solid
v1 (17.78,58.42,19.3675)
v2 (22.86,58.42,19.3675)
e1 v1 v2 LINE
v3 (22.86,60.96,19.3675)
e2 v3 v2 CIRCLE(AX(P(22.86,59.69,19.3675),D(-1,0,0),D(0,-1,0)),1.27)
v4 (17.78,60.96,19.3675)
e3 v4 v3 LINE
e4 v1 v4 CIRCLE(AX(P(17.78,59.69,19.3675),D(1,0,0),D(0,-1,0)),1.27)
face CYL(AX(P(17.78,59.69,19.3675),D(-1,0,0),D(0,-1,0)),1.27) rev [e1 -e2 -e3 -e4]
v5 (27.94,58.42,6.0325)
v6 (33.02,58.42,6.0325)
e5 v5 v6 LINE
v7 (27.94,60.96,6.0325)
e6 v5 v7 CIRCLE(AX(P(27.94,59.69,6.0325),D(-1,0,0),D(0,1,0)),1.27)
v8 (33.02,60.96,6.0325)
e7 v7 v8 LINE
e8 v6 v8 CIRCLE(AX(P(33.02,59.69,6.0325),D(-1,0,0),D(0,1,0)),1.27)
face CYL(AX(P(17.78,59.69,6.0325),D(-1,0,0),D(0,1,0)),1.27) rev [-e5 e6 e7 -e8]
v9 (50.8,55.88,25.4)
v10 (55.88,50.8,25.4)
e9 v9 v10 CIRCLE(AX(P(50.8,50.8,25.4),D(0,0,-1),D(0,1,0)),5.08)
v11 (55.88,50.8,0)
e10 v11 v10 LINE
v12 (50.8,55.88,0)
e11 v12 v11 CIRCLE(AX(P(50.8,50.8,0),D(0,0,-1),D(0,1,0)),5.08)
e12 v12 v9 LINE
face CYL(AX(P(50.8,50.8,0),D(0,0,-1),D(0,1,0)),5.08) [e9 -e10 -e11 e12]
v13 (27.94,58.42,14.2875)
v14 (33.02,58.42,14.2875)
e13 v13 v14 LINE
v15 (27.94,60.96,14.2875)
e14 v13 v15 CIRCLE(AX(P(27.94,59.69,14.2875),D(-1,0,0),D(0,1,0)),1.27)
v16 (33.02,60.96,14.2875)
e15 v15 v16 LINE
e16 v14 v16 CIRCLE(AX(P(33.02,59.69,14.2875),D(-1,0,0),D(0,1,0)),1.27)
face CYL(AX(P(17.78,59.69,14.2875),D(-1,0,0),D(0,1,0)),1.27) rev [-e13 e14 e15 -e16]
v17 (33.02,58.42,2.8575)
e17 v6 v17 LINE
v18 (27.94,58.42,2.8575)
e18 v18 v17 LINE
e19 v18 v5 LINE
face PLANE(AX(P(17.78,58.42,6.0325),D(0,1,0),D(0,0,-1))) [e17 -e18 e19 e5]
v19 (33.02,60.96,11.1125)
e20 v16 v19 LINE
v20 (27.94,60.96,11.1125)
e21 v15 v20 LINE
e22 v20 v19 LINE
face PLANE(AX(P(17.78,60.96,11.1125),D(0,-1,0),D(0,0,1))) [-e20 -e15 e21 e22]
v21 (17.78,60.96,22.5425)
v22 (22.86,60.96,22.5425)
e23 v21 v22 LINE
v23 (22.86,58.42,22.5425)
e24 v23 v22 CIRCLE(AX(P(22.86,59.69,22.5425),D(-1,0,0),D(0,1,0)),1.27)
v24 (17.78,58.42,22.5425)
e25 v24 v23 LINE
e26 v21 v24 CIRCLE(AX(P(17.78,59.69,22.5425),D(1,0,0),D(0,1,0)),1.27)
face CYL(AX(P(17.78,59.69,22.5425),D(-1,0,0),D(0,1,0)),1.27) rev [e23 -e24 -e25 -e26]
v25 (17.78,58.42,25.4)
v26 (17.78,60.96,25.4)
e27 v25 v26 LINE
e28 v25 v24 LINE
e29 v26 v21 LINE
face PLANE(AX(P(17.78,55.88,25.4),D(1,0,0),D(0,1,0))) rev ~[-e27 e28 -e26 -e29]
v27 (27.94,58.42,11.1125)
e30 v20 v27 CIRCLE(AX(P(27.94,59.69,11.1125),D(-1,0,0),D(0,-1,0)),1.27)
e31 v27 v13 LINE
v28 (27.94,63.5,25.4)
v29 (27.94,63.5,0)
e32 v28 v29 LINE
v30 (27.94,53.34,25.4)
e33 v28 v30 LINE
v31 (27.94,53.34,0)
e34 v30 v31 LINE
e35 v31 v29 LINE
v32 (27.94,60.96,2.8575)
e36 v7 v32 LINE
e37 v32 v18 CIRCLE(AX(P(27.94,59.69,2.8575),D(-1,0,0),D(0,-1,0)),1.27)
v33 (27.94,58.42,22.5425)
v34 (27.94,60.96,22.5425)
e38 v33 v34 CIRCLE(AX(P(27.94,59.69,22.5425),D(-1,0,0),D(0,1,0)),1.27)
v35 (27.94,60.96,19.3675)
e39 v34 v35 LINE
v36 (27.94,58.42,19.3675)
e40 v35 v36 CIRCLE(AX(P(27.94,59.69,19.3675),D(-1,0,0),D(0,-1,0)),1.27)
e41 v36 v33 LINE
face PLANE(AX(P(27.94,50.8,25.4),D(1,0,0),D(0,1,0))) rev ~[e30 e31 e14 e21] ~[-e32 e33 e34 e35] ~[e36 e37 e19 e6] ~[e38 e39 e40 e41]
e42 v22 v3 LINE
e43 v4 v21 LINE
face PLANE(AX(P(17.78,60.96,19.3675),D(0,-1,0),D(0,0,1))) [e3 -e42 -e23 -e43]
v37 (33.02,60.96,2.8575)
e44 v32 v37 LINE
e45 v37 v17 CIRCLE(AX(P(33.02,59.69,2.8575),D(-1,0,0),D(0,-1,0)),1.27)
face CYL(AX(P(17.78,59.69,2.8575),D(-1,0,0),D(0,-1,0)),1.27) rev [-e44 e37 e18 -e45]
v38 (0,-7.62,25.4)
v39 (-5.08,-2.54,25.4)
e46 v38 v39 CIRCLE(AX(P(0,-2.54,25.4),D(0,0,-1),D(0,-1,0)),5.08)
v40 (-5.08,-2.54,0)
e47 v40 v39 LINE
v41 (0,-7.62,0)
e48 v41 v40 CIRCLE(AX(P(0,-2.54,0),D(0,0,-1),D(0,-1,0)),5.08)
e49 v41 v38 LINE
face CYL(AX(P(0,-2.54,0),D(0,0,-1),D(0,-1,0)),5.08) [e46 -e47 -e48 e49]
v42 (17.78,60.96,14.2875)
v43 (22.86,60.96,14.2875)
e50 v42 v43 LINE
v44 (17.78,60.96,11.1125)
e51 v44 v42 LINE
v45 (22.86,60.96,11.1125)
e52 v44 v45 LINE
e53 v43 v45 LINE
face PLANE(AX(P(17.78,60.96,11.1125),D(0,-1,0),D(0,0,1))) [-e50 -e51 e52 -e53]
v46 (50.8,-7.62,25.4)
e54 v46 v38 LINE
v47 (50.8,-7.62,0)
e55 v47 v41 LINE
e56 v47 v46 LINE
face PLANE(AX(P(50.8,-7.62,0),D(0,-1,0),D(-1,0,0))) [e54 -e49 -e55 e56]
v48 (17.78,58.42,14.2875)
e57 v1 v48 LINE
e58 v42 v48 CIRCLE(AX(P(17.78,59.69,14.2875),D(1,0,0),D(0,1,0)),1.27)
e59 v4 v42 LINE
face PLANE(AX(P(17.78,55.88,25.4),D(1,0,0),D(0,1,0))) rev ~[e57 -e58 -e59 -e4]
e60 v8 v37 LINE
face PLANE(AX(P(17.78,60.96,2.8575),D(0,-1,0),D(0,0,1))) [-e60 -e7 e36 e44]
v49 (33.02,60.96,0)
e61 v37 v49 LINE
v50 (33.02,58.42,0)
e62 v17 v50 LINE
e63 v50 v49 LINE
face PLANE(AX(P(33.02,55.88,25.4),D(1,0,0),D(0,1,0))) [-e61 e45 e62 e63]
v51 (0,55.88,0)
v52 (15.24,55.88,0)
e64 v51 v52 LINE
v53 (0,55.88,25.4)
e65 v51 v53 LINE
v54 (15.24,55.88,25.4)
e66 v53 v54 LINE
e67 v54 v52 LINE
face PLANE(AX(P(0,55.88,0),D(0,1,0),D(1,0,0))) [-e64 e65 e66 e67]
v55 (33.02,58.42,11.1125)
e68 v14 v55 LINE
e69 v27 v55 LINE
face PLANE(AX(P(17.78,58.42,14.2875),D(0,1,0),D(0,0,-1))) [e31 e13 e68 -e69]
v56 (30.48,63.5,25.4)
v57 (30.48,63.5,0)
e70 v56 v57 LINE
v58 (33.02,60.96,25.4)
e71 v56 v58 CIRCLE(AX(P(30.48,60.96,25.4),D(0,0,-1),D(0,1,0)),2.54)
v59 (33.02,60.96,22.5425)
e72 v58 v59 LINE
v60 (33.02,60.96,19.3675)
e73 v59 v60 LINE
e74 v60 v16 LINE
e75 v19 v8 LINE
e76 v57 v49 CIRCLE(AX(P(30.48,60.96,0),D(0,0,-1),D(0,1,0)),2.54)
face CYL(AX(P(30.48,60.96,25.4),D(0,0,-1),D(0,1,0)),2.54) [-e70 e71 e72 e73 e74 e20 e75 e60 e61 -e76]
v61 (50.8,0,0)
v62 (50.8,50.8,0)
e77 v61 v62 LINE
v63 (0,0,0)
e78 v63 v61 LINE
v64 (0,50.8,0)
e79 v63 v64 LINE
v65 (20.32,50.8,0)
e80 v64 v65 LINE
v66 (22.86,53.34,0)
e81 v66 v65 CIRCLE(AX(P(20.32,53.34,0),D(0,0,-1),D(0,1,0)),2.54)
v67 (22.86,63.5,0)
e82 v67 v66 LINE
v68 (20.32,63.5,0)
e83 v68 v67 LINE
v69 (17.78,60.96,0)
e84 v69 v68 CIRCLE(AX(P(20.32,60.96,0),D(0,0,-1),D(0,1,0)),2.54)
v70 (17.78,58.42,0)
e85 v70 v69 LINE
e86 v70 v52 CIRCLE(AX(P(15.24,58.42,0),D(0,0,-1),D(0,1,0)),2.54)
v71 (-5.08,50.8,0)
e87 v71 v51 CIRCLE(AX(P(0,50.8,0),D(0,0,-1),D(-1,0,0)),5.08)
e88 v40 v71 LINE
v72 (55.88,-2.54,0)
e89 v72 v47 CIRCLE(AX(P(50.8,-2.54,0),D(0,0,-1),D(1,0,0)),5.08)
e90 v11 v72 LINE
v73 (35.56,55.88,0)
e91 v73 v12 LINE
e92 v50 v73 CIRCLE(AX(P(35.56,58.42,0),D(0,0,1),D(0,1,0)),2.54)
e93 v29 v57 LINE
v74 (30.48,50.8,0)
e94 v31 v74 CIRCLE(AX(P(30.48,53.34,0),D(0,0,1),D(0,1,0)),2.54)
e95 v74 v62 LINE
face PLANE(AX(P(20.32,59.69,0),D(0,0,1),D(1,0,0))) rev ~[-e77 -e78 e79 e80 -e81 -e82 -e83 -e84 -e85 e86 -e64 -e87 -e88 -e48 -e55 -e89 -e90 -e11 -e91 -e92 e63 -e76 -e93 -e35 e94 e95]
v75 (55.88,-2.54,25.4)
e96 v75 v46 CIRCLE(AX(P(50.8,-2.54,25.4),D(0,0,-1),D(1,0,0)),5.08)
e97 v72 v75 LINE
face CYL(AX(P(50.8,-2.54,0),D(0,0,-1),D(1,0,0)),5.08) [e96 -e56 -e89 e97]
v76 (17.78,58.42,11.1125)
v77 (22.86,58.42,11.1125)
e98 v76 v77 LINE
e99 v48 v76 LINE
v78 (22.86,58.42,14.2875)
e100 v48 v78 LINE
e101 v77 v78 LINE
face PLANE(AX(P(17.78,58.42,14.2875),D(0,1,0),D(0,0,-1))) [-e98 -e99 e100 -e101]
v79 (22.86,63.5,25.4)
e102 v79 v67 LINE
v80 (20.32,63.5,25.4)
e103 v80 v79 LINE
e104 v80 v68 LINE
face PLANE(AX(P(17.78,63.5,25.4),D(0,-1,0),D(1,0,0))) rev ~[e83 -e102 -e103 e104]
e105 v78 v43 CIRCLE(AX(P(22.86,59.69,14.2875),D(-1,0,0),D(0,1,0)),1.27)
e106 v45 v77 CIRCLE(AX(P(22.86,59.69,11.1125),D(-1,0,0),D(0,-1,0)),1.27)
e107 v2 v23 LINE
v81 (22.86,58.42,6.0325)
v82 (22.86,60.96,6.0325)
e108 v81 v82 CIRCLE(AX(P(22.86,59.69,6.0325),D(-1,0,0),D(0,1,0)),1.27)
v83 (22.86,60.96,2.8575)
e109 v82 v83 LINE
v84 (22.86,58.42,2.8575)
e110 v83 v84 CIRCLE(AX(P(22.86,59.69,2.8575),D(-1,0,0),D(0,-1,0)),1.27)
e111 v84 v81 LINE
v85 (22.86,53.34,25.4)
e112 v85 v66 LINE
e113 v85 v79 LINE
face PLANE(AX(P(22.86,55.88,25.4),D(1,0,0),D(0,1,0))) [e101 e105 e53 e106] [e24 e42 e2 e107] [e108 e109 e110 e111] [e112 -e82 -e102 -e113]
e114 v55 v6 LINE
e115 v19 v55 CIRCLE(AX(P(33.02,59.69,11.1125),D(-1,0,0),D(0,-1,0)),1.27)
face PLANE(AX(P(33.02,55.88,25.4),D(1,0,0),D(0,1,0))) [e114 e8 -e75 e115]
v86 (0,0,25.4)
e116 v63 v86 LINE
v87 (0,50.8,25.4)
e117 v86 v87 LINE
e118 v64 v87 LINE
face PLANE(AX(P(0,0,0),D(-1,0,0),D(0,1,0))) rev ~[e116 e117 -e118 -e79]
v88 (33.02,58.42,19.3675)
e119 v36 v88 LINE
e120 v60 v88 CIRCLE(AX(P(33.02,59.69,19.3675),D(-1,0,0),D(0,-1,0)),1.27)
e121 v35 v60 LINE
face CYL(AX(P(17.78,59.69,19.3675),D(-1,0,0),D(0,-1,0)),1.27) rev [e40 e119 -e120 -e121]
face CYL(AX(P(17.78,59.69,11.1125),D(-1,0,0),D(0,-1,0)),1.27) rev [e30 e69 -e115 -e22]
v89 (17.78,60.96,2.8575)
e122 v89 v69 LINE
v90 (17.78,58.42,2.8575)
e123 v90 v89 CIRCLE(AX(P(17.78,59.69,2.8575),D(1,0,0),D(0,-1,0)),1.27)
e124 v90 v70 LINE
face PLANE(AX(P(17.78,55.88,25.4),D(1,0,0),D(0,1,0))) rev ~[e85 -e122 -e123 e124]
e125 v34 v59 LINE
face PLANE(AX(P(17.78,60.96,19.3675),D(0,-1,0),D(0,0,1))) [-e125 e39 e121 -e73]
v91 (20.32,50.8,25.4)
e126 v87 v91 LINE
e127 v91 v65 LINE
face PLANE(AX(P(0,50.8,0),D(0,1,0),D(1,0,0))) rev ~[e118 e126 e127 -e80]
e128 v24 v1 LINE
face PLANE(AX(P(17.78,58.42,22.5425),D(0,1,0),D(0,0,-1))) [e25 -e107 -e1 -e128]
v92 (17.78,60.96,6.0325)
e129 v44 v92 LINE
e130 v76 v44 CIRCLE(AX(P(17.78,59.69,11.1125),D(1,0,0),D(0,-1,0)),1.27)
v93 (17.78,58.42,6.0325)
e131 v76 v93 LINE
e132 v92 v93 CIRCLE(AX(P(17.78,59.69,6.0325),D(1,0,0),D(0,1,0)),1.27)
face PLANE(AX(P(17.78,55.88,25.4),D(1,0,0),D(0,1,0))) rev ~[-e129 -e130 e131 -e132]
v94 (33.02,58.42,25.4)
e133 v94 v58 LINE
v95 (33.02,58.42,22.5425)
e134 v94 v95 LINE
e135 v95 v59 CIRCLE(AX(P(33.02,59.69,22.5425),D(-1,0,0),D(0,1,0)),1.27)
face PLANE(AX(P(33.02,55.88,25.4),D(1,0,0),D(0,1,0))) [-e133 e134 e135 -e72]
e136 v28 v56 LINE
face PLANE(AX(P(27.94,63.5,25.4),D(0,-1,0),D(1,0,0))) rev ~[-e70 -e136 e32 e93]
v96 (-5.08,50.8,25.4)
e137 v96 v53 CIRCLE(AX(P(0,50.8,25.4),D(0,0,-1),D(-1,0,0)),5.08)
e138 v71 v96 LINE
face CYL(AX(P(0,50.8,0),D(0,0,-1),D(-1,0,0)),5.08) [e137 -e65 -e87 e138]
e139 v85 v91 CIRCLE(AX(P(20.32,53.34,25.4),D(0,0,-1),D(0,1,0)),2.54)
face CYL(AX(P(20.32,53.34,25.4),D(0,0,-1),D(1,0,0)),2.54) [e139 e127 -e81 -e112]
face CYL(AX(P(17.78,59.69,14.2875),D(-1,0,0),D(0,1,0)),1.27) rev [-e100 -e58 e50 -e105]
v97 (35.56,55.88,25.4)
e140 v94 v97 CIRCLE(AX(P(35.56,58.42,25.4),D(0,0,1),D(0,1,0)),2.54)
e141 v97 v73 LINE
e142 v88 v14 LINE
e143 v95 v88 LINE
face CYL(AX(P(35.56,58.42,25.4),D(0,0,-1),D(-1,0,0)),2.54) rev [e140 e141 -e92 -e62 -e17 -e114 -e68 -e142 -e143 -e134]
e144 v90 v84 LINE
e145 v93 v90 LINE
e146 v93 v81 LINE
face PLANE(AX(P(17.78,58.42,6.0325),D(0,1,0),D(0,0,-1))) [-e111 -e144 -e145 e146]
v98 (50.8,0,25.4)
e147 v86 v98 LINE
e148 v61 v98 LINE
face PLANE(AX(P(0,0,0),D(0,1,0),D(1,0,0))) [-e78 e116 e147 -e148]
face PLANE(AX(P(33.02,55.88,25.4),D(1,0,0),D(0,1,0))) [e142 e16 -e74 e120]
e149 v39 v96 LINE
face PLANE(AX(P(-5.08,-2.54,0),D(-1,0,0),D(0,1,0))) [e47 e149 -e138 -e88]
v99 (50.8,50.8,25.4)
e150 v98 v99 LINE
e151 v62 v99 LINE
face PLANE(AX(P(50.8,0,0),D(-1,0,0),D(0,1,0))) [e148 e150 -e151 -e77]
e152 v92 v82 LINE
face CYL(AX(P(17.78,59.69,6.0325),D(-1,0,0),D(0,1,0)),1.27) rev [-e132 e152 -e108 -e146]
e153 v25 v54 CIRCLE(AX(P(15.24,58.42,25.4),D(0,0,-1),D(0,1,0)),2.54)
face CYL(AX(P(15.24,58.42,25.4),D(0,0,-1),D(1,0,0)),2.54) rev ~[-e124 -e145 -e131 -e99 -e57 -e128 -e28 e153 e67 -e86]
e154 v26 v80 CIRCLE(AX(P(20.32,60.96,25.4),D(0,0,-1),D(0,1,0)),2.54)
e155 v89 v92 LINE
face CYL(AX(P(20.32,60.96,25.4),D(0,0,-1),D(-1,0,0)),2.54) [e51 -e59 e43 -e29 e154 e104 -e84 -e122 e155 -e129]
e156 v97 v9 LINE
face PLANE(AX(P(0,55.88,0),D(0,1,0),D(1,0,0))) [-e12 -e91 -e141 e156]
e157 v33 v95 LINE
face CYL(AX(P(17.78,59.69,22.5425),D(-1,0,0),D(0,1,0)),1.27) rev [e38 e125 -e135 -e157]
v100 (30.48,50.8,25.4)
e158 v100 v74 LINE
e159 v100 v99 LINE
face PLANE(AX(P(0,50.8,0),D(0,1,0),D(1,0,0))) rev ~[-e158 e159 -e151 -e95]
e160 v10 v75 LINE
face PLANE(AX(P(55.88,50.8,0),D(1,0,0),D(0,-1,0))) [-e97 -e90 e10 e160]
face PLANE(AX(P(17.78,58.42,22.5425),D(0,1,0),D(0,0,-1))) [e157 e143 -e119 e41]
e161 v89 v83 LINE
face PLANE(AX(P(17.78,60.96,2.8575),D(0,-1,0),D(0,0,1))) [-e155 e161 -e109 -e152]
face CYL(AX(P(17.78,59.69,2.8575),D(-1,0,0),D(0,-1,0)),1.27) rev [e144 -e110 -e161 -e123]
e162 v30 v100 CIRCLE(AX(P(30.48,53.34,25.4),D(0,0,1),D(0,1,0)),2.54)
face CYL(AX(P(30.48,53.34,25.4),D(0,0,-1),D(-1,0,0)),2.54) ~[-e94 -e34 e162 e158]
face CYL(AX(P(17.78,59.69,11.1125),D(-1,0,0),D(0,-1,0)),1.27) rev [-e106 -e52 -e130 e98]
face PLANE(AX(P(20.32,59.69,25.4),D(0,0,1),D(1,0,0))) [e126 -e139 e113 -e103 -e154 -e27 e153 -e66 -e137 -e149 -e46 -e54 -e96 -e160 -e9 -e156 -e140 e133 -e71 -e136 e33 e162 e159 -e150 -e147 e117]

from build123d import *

# Parameters (mm, degrees)
SKETCH1_W           = 50.8
SKETCH1_H           = 50.8
BOSS_EXTRUDE1_DEPTH = 25.4
SKETCH2_W           = 5.08
SKETCH2_H           = 5.08
CUT_EXTRUDE1_DEPTH  = 84.007883963
FILLET1_R           = 2.54
SKETCH3_W           = 5.08
SKETCH3_H           = 7.62
BOSS_EXTRUDE2_DEPTH = 25.4
FILLET2_R           = 2.54
CUT_EXTRUDE2_DEPTH  = 79.288057838


with BuildPart() as part:
    # Sketch1 → Boss-Extrude1 (new body)
    with BuildSketch(Plane.XY):
        with BuildLine():
            Line((0, 55.88), (50.8, 55.88))
            ThreePointArc((50.8, 55.88), (54.392102448, 54.392102448), (55.88, 50.8))
            Line((55.88, 50.8), (55.88, -2.54))
            ThreePointArc((55.88, -2.54), (54.392102448, -6.132102448), (50.8, -7.62))
            Line((50.8, -7.62), (0, -7.62))
            ThreePointArc((0, -7.62), (-3.592102448, -6.132102448), (-5.08, -2.54))
            Line((-5.08, -2.54), (-5.08, 50.8))
            ThreePointArc((-5.08, 50.8), (-3.592102448, 54.392102448), (0, 55.88))
        make_face()
        with Locations((25.4, 25.4)):
            Rectangle(SKETCH1_W, SKETCH1_H, mode=Mode.SUBTRACT)
    extrude(amount=BOSS_EXTRUDE1_DEPTH)

    # Sketch2 → Cut-Extrude1 (cut, through all)
    with BuildSketch(Plane.XY.offset(25.4)):
        with Locations((25.4, 53.34)):
            Rectangle(SKETCH2_W, SKETCH2_H)
    extrude(amount=-CUT_EXTRUDE1_DEPTH, mode=Mode.SUBTRACT)

    # Fillet1
    fillet1_edges = [part.edges().sort_by_distance(p)[0] for p in [
        (22.86, 50.8, 12.7),
        (27.94, 50.8, 12.7),
    ]]
    fillet(fillet1_edges, radius=FILLET1_R)

    # Sketch3 → Boss-Extrude2 (add)
    with BuildSketch(Plane.XY.offset(25.4)):
        with Locations((20.32, 59.69)):
            Rectangle(SKETCH3_W, SKETCH3_H)
        with Locations((30.48, 59.69)):
            Rectangle(SKETCH3_W, SKETCH3_H)
    extrude(amount=-BOSS_EXTRUDE2_DEPTH)

    # Fillet2
    fillet2_edges = [part.edges().sort_by_distance(p)[0] for p in [
        (17.78, 55.88, 12.7),
        (17.78, 63.5, 12.7),
        (33.02, 63.5, 12.7),
        (33.02, 55.88, 12.7),
    ]]
    fillet(fillet2_edges, radius=FILLET2_R)

    # Sketch4 → Cut-Extrude2 (cut, through all)
    with BuildSketch(Plane.ZY.offset(-17.78)):
        with BuildLine():
            Line((2.8575, 60.96), (6.0325, 60.96))
            ThreePointArc((6.0325, 60.96), (7.3025, 59.69), (6.0325, 58.42))
            Line((6.0325, 58.42), (2.8575, 58.42))
            ThreePointArc((2.8575, 58.42), (1.5875, 59.69), (2.8575, 60.96))
        make_face()
        with BuildLine():
            Line((11.1125, 60.96), (14.2875, 60.96))
            ThreePointArc((14.2875, 60.96), (15.5575, 59.69), (14.2875, 58.42))
            Line((14.2875, 58.42), (11.1125, 58.42))
            ThreePointArc((11.1125, 58.42), (9.8425, 59.69), (11.1125, 60.96))
        make_face()
        with BuildLine():
            Line((19.3675, 60.96), (22.5425, 60.96))
            ThreePointArc((22.5425, 60.96), (23.8125, 59.69), (22.5425, 58.42))
            Line((22.5425, 58.42), (19.3675, 58.42))
            ThreePointArc((19.3675, 58.42), (18.0975, 59.69), (19.3675, 60.96))
        make_face()
    extrude(amount=-CUT_EXTRUDE2_DEPTH, mode=Mode.SUBTRACT)


solid = part.part
